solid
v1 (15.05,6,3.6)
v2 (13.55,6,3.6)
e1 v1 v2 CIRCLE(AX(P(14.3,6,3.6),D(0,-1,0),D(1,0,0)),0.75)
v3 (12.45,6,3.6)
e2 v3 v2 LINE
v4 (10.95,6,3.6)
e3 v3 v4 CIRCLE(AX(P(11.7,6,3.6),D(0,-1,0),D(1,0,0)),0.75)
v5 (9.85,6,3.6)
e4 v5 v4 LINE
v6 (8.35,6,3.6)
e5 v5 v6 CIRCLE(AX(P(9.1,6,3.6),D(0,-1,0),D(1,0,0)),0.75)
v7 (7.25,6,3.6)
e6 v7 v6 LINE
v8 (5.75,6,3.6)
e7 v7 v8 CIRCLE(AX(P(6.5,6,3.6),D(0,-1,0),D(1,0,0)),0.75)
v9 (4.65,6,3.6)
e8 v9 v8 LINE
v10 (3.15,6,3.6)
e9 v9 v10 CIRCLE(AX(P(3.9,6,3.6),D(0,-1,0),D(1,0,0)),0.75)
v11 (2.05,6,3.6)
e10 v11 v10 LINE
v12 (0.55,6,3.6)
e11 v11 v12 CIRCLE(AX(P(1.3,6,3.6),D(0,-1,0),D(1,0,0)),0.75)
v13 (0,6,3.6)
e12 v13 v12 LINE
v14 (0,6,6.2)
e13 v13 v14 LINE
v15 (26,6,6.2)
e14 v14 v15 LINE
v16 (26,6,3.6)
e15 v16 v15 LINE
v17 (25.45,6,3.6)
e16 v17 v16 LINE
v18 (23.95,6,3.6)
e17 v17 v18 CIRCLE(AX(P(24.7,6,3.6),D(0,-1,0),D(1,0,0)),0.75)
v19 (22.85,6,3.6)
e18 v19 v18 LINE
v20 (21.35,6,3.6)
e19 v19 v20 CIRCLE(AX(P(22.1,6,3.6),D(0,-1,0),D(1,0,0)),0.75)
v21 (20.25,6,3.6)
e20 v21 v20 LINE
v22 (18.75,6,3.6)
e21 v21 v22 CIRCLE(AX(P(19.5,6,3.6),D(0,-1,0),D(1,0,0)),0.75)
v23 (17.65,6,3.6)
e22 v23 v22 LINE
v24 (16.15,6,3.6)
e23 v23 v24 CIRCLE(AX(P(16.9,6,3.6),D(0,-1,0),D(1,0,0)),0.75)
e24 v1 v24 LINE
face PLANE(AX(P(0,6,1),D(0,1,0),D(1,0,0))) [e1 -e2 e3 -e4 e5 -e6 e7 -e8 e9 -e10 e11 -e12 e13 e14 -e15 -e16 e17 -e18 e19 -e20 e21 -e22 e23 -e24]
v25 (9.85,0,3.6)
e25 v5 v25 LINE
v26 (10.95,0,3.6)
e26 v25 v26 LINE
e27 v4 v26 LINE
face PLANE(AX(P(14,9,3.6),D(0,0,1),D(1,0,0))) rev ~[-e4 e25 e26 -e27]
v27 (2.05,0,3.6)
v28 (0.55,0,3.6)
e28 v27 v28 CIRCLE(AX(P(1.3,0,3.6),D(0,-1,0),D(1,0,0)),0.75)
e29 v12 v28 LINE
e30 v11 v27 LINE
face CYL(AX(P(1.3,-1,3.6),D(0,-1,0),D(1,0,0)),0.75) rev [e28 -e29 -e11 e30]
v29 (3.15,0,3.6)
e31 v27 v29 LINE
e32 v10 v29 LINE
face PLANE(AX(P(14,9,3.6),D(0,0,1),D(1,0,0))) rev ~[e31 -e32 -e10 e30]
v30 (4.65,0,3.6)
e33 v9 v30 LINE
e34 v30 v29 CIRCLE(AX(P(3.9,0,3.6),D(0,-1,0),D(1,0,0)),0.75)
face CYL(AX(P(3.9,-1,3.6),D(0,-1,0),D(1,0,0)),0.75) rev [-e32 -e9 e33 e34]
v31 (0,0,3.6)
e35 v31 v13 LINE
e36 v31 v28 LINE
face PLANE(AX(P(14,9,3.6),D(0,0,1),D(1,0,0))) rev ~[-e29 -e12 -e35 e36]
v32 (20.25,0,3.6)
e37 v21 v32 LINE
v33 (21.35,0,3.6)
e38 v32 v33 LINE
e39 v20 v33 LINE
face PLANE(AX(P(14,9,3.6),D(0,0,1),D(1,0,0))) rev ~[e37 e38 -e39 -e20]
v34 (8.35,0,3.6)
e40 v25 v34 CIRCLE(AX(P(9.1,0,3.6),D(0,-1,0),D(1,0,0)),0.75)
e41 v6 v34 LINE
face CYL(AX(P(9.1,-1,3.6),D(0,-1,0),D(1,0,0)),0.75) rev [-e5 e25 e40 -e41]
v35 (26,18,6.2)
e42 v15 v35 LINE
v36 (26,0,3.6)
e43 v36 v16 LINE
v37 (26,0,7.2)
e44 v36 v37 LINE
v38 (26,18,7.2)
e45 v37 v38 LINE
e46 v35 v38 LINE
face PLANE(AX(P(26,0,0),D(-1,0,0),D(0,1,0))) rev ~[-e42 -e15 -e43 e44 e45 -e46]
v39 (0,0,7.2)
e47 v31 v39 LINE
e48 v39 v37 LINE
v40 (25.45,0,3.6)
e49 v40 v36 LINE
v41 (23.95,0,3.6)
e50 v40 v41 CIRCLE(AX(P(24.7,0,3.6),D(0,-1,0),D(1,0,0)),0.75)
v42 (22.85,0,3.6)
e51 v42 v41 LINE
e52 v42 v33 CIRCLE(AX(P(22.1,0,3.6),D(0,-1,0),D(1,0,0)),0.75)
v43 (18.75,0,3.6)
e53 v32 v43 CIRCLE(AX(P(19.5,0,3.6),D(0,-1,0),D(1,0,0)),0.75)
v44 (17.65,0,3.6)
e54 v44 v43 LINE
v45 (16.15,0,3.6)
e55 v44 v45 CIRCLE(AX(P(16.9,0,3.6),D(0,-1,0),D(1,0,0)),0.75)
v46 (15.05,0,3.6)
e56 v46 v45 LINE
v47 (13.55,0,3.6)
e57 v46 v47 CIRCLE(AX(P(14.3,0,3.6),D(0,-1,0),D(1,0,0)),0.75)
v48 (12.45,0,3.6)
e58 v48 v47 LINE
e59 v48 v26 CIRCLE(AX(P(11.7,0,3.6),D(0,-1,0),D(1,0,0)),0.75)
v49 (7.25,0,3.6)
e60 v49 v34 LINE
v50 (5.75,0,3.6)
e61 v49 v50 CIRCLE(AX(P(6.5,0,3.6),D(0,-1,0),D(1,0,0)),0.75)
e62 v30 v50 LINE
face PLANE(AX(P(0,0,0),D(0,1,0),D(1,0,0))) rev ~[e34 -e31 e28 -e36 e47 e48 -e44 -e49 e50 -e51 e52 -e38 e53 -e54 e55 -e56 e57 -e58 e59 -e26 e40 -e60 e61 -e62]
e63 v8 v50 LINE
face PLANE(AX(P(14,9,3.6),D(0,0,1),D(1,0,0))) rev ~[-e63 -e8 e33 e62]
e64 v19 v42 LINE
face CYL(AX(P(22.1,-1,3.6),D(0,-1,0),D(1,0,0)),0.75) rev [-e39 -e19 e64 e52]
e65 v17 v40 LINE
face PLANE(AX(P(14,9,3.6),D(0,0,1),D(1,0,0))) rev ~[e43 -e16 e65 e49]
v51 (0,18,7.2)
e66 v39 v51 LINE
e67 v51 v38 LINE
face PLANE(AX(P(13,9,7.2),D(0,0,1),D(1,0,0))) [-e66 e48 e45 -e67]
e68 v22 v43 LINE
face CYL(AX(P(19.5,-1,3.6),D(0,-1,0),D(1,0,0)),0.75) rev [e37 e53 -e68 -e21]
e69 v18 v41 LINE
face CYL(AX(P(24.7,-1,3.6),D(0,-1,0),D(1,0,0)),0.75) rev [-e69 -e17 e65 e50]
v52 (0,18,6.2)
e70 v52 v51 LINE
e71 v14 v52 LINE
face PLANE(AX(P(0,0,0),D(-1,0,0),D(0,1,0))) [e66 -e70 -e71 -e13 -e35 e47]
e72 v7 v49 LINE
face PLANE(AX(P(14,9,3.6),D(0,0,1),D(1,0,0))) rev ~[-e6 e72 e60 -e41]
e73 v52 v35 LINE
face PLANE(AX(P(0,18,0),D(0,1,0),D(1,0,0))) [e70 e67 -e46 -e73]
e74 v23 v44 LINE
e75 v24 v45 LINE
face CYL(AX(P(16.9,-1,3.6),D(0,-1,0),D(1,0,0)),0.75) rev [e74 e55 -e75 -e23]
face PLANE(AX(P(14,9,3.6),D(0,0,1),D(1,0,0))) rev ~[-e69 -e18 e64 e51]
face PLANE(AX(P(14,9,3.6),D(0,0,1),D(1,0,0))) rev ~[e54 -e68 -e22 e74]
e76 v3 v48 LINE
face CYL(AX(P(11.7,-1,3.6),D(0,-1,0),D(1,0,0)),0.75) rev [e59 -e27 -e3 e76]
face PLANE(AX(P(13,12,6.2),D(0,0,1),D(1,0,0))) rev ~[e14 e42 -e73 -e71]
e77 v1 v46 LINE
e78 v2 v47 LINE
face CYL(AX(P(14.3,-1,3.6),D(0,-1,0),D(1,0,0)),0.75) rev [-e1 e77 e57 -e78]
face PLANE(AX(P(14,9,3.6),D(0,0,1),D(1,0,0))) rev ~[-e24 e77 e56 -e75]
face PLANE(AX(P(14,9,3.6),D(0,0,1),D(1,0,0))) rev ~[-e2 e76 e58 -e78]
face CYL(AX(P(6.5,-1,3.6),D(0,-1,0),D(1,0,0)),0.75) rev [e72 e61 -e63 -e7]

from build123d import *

# Parameters (mm, degrees)
BOX020_W          = 30
BOX020_H          = 20
BOX020_DEPTH      = 9.2
CYLINDER004_R     = 0.75
CYLINDER004_DEPTH = 7
ARRAY004_X_COUNT  = 10
ARRAY004_X_PITCH  = 2.6
ARRAY004_Y_COUNT  = 2
ARRAY004_Y_PITCH  = 1
BOX009_W          = 26
BOX009_H          = 12
BOX009_DEPTH      = 5.2
BOX008_W          = 26
BOX008_H          = 18
BOX008_DEPTH      = 7.2


with BuildPart() as cortador004:
    # Box020 → Box020 (new body)
    with BuildSketch(Plane(origin=(-1, -1, -5.6), x_dir=(1, 0, 0), z_dir=(0, 0, 1))):
        with Locations((15, 10)):
            Rectangle(BOX020_W, BOX020_H)
    extrude(amount=BOX020_DEPTH)


with BuildPart() as array004:
    # Cylinder004 → Cylinder004 (new body)
    with BuildSketch(Plane(origin=(1.3, -1, 3.6), x_dir=(1, 0, 0), z_dir=(0, 1, 0))):
        Circle(CYLINDER004_R)
    extrude(amount=CYLINDER004_DEPTH)

    # Array004 X: Array004 ×10


with BuildPart() as array004_1:
    add(array004.part)
    with Locations(*[(i * ARRAY004_X_PITCH, 0, 0) for i in range(1, ARRAY004_X_COUNT)]):
        add(array004.part)

    # Array004 Y: Array004 ×2


with BuildPart() as array004_2:
    add(array004_1.part)
    with Locations(*[(0, i * ARRAY004_Y_PITCH, 0) for i in range(1, ARRAY004_Y_COUNT)]):
        add(array004_1.part)


with BuildPart() as cube_10_base006:
    # Box009 → Box009 (new body)
    with BuildSketch(Plane(origin=(0, 6, 1), x_dir=(1, 0, 0), z_dir=(0, 0, 1))):
        with Locations((13, 6)):
            Rectangle(BOX009_W, BOX009_H)
    extrude(amount=BOX009_DEPTH)


with BuildPart() as bloque10_arriba:
    # Box008 → Box008 (new body)
    with BuildSketch(Plane.XY):
        with Locations((13, 9)):
            Rectangle(BOX008_W, BOX008_H)
    extrude(amount=BOX008_DEPTH)

    # Cut022: cut cube_10_base006
    add(cube_10_base006.part, mode=Mode.SUBTRACT)

    # Cut023: cut Array004
    add(array004_2.part, mode=Mode.SUBTRACT)

    # Cut026: cut cortador004
    add(cortador004.part, mode=Mode.SUBTRACT)


solid = bloque10_arriba.part
